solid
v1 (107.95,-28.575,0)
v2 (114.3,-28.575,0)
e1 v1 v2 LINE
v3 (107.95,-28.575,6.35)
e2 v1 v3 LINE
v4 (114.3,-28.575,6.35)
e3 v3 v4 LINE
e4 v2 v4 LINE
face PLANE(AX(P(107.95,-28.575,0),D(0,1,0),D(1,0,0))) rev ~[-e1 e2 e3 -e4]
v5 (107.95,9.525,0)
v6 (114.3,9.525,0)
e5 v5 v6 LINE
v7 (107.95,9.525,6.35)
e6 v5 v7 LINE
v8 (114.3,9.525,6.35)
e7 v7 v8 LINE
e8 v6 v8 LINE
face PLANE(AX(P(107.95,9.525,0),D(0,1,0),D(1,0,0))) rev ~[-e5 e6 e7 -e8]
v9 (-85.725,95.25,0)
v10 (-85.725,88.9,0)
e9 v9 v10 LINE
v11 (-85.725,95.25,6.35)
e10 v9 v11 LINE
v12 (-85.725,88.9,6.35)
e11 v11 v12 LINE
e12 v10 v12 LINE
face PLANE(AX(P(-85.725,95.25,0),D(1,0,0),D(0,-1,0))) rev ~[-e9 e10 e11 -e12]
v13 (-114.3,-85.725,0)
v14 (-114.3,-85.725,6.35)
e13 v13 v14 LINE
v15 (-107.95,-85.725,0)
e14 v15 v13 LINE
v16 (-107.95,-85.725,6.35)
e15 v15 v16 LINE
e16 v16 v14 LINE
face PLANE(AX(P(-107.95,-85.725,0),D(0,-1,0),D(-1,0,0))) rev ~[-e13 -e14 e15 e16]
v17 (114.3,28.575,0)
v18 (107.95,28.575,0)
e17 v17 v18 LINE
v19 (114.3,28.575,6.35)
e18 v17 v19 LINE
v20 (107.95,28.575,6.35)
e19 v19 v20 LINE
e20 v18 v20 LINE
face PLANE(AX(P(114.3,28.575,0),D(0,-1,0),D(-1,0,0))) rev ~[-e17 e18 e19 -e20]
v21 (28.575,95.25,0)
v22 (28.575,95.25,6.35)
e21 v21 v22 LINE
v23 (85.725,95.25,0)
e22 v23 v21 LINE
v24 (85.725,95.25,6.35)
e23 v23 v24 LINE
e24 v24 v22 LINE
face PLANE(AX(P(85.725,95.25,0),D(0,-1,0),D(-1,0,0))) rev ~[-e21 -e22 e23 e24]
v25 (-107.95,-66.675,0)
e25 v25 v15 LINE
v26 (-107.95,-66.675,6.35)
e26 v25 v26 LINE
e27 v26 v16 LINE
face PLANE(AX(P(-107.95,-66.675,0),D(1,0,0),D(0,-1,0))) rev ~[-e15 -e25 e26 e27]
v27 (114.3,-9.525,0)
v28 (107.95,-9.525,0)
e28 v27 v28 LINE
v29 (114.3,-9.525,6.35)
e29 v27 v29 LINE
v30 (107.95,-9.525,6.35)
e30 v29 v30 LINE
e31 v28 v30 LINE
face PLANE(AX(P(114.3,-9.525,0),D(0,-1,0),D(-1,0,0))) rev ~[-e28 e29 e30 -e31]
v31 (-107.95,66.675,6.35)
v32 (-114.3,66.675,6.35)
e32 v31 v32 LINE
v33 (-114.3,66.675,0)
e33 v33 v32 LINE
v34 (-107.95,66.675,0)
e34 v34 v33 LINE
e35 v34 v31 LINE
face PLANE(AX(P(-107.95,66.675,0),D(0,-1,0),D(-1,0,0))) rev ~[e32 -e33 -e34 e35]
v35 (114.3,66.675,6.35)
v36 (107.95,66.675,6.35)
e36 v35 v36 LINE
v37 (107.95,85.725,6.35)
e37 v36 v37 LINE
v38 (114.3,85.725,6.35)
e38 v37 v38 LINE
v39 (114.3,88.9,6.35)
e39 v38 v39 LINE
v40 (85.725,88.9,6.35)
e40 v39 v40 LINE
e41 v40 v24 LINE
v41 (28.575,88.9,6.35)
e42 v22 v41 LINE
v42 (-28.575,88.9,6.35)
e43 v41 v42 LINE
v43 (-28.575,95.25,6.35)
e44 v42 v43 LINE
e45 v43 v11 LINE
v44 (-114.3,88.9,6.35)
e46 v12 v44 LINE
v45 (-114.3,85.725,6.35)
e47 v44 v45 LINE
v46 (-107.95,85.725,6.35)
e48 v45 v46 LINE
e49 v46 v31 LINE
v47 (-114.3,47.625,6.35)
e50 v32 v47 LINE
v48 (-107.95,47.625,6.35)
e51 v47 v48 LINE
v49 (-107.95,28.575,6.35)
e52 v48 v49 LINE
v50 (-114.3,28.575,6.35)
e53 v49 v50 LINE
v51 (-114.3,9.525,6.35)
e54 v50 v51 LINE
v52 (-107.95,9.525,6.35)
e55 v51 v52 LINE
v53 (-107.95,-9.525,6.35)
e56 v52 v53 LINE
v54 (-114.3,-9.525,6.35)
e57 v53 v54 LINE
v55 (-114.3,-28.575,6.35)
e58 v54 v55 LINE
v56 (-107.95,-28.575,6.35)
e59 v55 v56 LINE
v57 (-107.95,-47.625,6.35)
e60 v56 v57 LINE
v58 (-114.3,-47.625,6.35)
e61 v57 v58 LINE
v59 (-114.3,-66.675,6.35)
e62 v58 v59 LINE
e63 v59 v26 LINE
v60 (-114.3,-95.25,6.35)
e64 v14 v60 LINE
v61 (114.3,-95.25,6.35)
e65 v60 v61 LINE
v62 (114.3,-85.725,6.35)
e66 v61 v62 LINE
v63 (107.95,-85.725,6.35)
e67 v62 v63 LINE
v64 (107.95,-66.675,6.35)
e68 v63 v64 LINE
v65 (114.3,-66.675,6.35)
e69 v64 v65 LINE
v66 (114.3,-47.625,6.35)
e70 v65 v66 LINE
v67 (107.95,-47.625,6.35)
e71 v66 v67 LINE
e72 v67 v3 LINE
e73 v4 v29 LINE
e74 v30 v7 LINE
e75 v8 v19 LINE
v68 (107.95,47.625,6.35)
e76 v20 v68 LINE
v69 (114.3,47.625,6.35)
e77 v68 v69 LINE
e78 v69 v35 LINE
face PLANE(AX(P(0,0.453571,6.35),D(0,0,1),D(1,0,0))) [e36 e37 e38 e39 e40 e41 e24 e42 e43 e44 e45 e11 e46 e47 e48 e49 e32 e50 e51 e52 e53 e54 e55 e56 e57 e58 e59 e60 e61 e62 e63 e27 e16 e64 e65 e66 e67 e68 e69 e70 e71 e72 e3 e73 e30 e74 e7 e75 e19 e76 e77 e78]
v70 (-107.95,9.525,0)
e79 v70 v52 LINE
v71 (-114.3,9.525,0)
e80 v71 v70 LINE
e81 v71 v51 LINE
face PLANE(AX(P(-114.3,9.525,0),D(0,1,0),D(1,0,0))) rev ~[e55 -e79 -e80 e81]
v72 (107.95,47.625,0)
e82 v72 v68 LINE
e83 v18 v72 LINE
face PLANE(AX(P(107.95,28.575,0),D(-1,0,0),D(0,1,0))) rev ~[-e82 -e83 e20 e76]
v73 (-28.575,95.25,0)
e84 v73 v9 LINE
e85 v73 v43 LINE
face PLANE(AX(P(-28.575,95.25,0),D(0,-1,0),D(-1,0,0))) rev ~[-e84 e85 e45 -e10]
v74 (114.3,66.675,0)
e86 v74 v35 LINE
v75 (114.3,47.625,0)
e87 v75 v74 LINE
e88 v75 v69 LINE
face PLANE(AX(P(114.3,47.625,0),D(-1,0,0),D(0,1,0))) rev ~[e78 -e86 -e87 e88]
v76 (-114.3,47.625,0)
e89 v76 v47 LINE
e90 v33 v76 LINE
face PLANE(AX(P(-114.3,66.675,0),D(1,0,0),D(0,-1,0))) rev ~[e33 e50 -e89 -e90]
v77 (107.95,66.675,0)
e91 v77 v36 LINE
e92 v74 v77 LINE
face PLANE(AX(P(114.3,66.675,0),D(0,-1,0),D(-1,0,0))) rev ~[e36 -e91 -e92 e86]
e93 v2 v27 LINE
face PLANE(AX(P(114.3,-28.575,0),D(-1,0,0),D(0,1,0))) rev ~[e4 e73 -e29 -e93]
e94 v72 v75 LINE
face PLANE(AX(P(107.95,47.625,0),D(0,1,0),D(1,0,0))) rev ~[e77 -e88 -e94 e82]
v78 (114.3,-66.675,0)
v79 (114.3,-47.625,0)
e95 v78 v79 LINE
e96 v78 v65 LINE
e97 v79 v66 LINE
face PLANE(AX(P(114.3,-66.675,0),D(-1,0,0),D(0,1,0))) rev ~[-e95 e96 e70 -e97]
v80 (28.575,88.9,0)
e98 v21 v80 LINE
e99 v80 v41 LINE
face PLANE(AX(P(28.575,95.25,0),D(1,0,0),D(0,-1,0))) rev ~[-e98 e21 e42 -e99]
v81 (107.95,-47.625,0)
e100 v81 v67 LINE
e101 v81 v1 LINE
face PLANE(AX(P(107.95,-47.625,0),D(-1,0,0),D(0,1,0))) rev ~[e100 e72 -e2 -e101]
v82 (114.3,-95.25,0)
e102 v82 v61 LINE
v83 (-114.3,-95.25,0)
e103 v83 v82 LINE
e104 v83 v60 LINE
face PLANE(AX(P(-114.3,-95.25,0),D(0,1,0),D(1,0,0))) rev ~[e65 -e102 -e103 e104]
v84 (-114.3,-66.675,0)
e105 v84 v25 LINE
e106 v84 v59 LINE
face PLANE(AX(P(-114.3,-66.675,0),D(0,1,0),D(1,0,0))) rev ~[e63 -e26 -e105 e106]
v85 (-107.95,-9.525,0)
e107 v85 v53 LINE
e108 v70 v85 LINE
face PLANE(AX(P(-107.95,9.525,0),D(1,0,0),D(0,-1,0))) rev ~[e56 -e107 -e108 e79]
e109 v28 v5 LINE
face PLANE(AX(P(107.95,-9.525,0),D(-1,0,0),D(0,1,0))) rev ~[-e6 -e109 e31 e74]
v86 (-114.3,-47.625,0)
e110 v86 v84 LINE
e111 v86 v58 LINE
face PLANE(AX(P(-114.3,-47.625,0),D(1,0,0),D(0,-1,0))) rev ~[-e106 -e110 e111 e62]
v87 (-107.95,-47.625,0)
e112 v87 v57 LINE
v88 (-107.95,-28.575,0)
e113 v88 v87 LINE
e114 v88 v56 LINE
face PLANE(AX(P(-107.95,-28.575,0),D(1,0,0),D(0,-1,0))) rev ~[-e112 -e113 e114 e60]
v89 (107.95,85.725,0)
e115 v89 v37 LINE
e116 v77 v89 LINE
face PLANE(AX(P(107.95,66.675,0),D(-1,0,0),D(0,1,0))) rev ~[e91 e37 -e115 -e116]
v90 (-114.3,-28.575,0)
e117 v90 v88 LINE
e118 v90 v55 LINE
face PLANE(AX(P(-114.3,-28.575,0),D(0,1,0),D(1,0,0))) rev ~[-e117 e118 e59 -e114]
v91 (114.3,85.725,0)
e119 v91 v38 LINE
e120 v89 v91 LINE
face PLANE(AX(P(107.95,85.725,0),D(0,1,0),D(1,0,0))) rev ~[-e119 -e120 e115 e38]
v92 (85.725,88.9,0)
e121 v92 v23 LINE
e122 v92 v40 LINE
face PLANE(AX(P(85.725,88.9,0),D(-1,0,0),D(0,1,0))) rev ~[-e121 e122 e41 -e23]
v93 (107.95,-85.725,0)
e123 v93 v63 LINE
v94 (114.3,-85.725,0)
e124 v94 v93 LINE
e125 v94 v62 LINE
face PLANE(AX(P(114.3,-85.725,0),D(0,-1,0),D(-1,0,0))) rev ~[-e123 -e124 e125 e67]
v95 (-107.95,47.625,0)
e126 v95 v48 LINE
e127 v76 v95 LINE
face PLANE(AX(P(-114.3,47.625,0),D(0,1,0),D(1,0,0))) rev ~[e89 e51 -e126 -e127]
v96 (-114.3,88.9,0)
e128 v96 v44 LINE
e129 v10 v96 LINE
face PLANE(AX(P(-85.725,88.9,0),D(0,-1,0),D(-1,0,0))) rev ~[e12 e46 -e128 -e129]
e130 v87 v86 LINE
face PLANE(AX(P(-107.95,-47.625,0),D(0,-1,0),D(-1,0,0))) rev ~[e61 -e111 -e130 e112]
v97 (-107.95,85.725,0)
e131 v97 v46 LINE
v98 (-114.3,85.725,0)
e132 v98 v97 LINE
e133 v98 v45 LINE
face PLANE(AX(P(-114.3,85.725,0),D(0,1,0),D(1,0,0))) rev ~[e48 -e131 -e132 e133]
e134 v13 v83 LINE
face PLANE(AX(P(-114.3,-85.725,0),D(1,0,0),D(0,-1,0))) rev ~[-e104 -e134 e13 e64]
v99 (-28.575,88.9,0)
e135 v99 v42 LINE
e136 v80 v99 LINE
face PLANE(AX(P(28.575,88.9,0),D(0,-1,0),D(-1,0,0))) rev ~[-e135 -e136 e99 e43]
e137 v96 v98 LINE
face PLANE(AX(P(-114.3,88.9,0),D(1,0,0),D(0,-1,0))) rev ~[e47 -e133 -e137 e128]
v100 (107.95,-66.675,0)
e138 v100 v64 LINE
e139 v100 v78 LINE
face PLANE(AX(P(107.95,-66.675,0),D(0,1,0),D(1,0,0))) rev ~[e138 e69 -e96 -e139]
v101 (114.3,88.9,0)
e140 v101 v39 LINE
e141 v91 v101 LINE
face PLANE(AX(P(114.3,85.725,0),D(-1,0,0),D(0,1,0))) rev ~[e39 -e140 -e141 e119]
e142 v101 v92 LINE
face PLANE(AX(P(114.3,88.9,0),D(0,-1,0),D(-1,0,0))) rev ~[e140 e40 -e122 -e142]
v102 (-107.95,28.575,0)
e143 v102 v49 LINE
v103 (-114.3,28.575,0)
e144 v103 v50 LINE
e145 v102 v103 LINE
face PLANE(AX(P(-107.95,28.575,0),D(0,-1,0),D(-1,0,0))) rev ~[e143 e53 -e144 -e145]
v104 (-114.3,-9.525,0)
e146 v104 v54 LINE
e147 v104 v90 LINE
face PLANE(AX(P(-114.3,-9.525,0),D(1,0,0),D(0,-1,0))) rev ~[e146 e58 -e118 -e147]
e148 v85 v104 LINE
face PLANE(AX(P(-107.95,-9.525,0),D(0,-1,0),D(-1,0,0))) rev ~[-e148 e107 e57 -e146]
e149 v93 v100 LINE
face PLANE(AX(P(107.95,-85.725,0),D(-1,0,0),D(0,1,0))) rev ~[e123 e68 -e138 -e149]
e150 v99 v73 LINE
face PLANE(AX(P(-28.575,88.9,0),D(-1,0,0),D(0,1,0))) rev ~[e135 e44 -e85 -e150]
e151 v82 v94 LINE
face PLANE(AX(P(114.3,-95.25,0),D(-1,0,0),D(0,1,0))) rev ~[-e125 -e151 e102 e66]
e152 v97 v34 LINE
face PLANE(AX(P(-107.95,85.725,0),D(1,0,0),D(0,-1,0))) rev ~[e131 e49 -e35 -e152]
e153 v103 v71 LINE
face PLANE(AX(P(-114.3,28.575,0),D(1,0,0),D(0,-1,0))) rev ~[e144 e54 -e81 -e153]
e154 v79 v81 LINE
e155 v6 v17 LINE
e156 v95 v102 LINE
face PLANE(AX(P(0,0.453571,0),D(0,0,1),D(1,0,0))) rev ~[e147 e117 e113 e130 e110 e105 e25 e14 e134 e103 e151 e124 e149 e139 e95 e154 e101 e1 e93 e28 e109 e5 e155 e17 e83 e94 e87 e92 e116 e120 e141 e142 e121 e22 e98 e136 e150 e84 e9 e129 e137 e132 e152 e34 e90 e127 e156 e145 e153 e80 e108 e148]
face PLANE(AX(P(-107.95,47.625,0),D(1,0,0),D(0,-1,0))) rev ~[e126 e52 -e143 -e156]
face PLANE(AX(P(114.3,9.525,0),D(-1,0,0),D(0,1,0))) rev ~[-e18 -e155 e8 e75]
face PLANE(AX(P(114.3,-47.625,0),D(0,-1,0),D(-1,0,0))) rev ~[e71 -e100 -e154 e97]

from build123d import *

# Parameters (mm, degrees)
BOSS_EXTRUDE1_DEPTH = 6.35


with BuildPart() as part:
    # Sketch1 → Boss-Extrude1 (new body)
    with BuildSketch(Plane.XY):
        Polygon((85.725, 95.25), (28.575, 95.25), (28.575, 88.9), (-28.575, 88.9), (-28.575, 95.25), (-85.725, 95.25), (-85.725, 88.9), (-114.3, 88.9), (-114.3, 85.725), (-107.95, 85.725), (-107.95, 66.675), (-114.3, 66.675), (-114.3, 47.625), (-107.95, 47.625), (-107.95, 28.575), (-114.3, 28.575), (-114.3, 9.525), (-107.95, 9.525), (-107.95, -9.525), (-114.3, -9.525), (-114.3, -28.575), (-107.95, -28.575), (-107.95, -47.625), (-114.3, -47.625), (-114.3, -66.675), (-107.95, -66.675), (-107.95, -85.725), (-114.3, -85.725), (-114.3, -95.25), (114.3, -95.25), (114.3, -85.725), (107.95, -85.725), (107.95, -66.675), (114.3, -66.675), (114.3, -47.625), (107.95, -47.625), (107.95, -28.575), (114.3, -28.575), (114.3, -9.525), (107.95, -9.525), (107.95, 9.525), (114.3, 9.525), (114.3, 28.575), (107.95, 28.575), (107.95, 47.625), (114.3, 47.625), (114.3, 66.675), (107.95, 66.675), (107.95, 85.725), (114.3, 85.725), (114.3, 88.9), (85.725, 88.9), align=None)
    extrude(amount=BOSS_EXTRUDE1_DEPTH)


solid = part.part
